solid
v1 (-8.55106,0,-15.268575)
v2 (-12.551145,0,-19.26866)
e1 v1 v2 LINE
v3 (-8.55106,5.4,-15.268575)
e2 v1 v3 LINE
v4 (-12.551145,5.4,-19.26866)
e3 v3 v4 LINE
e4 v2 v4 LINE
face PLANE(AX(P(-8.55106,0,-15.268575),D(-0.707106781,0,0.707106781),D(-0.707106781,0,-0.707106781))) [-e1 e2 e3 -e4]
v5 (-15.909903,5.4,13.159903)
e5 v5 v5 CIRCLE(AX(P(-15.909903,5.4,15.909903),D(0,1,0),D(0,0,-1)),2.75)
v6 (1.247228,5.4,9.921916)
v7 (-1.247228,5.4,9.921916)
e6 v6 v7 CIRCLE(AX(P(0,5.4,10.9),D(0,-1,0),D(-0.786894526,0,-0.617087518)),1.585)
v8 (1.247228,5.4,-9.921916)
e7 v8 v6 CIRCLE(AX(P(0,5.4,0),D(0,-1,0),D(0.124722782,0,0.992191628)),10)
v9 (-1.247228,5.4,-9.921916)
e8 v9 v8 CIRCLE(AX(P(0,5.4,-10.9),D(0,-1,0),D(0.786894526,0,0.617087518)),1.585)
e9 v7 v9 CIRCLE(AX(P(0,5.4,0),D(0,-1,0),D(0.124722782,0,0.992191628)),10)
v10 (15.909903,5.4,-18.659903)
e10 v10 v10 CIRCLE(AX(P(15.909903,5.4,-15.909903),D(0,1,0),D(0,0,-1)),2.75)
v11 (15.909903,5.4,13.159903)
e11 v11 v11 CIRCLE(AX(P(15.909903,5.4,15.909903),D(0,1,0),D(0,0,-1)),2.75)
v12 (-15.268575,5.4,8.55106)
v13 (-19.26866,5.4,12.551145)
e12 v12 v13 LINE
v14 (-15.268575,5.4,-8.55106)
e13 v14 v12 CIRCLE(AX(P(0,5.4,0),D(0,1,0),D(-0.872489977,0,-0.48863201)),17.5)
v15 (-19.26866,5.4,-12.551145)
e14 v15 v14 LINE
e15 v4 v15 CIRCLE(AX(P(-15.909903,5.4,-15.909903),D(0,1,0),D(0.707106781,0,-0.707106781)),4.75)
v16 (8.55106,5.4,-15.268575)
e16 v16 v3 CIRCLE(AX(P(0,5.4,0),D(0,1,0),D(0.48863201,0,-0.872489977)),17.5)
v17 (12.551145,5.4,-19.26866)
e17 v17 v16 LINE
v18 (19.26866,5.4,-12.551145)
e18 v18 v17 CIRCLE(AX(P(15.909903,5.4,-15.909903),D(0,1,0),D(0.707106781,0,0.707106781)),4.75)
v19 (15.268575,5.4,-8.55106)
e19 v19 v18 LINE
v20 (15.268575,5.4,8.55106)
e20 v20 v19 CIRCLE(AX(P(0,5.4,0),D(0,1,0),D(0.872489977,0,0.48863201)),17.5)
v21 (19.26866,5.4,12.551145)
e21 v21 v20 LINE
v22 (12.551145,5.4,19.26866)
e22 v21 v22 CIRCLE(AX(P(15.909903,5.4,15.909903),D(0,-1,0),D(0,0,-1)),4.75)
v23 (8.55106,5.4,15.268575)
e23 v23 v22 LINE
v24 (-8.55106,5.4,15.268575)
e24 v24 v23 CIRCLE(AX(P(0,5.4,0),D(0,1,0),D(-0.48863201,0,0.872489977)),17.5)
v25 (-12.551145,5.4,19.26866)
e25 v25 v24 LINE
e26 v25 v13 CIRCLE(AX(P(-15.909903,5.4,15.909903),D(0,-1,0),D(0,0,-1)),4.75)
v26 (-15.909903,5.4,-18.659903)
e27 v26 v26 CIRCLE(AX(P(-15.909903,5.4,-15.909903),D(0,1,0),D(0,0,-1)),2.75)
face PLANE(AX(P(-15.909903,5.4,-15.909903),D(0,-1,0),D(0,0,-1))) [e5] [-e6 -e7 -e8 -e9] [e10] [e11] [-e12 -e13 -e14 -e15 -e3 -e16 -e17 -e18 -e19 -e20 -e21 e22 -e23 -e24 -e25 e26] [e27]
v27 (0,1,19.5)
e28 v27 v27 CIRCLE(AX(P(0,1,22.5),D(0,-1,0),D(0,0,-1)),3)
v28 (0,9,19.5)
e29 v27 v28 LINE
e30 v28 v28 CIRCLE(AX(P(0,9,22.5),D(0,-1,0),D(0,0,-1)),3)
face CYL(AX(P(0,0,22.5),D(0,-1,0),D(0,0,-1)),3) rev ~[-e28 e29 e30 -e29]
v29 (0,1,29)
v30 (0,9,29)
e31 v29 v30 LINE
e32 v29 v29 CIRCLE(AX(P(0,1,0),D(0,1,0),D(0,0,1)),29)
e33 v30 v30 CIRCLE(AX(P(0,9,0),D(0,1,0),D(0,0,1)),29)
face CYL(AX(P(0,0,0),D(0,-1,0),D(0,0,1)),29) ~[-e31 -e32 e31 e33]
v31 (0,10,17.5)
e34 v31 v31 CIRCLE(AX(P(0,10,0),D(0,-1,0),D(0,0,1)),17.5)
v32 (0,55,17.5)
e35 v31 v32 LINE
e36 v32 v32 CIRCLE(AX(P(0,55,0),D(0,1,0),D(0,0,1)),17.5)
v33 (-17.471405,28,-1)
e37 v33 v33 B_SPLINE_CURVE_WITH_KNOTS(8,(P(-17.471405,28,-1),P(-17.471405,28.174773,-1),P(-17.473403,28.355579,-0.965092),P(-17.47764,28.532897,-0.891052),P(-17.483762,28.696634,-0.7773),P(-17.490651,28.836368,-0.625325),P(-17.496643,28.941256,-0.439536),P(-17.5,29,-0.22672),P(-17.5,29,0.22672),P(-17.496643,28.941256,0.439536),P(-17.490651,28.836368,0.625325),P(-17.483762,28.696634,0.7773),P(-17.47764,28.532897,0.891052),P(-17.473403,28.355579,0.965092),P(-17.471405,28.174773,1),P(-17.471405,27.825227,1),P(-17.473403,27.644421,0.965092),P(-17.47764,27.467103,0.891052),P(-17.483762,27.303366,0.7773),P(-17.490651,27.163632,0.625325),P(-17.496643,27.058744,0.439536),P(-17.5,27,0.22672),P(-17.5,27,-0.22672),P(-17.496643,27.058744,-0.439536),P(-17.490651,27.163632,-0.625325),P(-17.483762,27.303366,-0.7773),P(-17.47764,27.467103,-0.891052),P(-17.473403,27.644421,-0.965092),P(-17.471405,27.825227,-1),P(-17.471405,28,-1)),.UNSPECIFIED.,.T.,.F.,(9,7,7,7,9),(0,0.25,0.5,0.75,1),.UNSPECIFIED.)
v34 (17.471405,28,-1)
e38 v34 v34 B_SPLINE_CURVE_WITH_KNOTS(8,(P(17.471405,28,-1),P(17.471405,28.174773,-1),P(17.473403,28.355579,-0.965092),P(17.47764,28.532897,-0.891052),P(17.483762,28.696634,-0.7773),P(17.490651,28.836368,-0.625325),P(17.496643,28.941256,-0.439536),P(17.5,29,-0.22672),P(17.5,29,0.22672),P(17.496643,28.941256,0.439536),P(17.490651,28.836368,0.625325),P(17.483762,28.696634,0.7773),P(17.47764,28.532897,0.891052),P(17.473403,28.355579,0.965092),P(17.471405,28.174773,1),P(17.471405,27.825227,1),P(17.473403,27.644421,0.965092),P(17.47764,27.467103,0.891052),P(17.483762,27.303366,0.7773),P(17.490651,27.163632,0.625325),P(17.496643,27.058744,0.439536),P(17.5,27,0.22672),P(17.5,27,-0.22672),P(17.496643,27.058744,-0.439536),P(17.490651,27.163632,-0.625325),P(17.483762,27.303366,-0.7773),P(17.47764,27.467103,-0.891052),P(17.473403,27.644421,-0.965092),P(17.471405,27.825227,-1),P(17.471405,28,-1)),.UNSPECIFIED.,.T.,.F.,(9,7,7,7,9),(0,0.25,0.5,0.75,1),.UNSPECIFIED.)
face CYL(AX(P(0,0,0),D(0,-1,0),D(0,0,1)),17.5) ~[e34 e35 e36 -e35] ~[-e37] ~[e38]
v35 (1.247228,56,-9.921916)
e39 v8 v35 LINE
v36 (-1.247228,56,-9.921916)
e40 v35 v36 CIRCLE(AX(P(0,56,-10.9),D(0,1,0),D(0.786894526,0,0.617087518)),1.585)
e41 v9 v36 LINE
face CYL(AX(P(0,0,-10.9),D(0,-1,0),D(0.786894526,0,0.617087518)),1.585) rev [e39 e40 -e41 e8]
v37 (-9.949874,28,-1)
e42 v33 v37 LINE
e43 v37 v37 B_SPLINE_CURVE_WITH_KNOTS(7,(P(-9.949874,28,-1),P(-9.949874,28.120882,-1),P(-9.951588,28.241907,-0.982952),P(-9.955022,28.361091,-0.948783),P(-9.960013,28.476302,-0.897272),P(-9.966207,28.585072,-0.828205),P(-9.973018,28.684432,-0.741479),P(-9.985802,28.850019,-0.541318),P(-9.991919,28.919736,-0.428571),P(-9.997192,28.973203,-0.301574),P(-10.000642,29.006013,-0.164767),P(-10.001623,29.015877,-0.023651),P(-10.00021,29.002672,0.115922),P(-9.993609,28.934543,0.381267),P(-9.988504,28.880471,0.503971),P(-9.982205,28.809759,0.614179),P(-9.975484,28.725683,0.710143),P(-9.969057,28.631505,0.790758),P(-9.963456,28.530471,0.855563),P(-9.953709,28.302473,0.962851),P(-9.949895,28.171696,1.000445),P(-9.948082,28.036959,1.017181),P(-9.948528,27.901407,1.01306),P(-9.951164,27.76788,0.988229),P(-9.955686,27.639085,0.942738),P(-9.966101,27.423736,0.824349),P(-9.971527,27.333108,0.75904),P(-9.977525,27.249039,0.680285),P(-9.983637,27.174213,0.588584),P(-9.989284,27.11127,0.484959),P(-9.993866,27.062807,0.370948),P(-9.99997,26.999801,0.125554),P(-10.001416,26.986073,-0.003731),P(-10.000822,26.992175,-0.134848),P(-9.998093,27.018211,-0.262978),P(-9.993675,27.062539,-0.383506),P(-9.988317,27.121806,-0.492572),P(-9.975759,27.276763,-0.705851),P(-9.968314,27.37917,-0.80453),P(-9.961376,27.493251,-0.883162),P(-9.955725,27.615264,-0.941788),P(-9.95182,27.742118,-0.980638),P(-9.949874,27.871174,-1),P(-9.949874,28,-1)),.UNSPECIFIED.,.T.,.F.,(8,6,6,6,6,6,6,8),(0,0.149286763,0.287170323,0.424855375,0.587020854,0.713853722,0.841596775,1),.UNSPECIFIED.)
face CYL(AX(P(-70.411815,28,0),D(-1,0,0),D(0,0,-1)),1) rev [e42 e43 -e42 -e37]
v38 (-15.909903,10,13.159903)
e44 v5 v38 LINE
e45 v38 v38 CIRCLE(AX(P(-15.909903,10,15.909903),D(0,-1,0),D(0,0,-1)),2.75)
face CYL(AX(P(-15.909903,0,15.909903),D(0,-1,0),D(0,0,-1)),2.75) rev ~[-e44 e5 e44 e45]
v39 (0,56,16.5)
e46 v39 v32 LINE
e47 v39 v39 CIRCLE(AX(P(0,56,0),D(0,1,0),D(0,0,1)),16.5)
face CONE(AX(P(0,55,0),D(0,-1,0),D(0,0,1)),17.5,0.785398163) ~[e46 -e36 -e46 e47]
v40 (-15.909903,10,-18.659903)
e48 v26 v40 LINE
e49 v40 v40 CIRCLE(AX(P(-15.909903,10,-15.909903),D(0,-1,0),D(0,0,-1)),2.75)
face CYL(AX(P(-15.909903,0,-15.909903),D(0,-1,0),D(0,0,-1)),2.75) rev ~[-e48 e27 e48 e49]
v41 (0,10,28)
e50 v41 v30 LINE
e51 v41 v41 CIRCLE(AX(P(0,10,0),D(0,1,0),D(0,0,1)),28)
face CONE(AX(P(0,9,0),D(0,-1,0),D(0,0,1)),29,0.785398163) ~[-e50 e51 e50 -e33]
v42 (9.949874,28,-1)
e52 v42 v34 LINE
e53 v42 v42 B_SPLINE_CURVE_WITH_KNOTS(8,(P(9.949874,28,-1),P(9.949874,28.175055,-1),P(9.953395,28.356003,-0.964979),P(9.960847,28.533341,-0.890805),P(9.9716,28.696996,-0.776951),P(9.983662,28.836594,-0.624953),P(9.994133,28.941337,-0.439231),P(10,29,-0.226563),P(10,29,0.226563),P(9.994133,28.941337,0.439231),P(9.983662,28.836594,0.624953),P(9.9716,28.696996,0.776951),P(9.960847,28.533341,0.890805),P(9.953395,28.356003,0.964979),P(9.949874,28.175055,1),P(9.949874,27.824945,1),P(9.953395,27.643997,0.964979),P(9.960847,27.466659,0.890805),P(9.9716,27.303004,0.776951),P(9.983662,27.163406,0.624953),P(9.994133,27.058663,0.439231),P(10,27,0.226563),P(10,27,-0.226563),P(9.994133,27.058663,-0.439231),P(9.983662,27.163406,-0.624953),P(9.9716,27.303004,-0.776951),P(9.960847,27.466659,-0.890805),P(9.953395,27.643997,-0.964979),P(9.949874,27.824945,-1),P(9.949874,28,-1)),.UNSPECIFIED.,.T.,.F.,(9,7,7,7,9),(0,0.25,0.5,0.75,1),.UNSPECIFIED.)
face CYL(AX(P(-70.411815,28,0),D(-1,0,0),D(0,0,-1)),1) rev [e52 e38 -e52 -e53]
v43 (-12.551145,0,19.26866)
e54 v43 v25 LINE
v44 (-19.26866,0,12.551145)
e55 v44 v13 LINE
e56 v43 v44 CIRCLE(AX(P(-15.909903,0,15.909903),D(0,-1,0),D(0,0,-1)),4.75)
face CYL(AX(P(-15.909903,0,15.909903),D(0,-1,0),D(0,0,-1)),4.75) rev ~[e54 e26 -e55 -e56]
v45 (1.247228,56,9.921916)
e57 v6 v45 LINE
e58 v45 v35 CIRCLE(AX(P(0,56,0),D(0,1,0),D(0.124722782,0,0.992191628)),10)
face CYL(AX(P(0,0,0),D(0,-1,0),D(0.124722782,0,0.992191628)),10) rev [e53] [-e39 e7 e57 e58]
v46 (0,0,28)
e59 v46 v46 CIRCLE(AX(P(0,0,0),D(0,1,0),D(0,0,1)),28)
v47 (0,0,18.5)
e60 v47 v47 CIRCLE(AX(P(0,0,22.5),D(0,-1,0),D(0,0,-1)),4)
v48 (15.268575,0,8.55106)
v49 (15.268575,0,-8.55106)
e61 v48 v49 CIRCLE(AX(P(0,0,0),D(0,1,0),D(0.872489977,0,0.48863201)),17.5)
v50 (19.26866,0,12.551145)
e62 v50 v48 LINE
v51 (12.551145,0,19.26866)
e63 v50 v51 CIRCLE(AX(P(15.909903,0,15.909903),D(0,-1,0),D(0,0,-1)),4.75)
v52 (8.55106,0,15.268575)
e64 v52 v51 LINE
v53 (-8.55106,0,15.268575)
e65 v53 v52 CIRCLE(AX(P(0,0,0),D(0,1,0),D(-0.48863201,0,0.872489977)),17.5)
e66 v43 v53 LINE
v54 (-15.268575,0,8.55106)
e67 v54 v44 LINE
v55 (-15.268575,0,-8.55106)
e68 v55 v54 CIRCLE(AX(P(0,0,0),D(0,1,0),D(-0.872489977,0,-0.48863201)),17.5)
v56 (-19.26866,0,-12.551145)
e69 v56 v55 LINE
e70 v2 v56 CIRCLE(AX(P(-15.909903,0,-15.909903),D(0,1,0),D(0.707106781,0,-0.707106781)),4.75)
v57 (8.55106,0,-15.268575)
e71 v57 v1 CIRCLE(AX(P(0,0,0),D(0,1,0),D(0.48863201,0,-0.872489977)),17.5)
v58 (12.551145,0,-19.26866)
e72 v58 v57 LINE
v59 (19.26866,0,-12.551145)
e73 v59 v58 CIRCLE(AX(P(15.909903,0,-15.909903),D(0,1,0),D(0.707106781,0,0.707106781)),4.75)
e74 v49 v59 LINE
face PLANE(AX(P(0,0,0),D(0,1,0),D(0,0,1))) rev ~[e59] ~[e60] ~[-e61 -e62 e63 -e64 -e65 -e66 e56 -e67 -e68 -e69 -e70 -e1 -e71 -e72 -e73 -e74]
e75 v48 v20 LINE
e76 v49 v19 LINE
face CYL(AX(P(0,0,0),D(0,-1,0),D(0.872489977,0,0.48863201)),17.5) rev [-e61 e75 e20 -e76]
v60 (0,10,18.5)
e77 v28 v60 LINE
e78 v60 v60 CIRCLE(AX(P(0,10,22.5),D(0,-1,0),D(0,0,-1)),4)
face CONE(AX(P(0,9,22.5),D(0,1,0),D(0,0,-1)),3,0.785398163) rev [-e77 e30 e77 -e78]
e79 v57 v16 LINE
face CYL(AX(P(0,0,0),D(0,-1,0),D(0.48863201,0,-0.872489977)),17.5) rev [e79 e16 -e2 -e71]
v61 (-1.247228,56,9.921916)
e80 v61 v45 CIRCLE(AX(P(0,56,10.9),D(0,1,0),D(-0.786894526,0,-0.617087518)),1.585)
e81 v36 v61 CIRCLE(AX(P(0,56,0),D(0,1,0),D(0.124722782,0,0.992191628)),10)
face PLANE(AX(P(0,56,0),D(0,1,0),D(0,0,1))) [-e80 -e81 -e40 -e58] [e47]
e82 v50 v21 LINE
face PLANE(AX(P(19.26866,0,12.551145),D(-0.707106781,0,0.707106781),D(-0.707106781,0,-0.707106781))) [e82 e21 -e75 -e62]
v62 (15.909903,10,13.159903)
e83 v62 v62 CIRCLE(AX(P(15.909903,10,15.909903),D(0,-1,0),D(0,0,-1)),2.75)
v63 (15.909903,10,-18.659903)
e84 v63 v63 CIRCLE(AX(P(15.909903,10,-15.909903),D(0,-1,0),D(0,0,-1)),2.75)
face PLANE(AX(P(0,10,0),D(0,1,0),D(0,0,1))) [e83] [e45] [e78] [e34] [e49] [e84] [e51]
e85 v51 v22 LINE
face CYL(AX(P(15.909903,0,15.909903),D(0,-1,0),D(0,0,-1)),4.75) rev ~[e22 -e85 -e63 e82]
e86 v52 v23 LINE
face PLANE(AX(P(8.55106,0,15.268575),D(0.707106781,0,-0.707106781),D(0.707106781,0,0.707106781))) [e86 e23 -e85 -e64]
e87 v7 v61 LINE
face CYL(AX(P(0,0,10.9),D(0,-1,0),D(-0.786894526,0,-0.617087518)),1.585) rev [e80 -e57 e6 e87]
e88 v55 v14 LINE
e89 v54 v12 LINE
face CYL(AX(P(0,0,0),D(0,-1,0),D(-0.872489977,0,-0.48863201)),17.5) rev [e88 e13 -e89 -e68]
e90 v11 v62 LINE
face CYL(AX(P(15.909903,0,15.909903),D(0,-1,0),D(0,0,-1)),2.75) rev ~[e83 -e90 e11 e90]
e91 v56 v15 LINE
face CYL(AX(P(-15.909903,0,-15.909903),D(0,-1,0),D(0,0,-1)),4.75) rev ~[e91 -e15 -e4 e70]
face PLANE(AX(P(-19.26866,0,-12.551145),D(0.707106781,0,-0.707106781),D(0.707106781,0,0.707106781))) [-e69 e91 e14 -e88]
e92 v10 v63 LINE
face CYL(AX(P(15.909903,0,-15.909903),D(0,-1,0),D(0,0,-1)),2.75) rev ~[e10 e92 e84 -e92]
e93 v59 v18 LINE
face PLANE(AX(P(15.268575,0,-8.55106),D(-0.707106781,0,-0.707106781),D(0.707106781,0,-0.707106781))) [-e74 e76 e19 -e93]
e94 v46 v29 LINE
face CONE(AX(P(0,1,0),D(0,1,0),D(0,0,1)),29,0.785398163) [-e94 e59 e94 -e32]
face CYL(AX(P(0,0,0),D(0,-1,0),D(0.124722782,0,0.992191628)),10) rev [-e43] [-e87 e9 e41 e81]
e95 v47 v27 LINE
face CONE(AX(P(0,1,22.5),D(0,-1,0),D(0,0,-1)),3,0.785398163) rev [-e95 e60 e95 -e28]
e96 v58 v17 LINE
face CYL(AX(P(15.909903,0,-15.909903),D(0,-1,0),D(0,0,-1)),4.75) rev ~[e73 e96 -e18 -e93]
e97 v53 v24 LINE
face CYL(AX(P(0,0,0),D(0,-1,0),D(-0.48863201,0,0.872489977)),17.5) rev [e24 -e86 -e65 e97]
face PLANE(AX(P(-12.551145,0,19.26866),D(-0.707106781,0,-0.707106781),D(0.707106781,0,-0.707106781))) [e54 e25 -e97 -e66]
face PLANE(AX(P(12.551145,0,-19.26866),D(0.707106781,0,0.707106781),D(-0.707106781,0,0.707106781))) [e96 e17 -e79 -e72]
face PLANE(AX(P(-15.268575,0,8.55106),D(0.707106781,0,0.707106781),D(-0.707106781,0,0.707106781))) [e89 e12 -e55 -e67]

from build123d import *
from build123d.topology import SkipClean

# Parameters (mm, degrees)
SKETCH_1_R               = 29
EXTRUDE_1_DEPTH          = 10
SKETCH_2_R               = 17.5
EXTRUDE_2_DEPTH          = 56
SKETCH_3_R               = 10
CUT_EXTRUDE_1_DEPTH      = 56
CUT_EXTRUDE_2_REACH      = 71.412
SKETCH_4_R               = 2.75
SKETCH_4_R_2             = 3
SKETCH_4_4_R             = 4.75
SKETCH_4_4_R_2           = 2.75
CUT_EXTRUDE_3_DEPTH      = 5.4
SKETCH_3_3_R             = 10
SKETCH_3_3_R_2           = 1.585
CUT_EXTRUDE_4_DEPTH      = 56
CUT_EXTRUDE_5_DEPTH      = 70.411814556
CUT_EXTRUDE_5_DEPTH_BACK = 70.411814556
SKETCH_9_R               = 1
CUT_EXTRUDE_6_DEPTH      = 5.4
CHAMFER_1_SIZE           = 1
CHAMFER_2_SIZE           = 1
CHAMFER_3_SIZE           = 1


with BuildPart() as part:
    # 草图1 → 凸台-拉伸1 (new body)
    with BuildSketch(Plane(origin=(0, 0, 0), x_dir=(1, 0, 0), z_dir=(0, 1, 0))):
        with Locations(Location((0, 0, 0), (0, 0, 270))):
            Circle(SKETCH_1_R)
    extrude(amount=EXTRUDE_1_DEPTH)

    # 草图2 → 凸台-拉伸2 (add)
    with BuildSketch(Plane(origin=(0, 0, 0), x_dir=(1, 0, 0), z_dir=(0, 1, 0))):
        with Locations(Location((0, 0, 0), (0, 0, 270))):
            Circle(SKETCH_2_R)
    extrude(amount=EXTRUDE_2_DEPTH)

    # 草图3 → 切除-拉伸1 (cut)
    with BuildSketch(Plane(origin=(0, 0, 0), x_dir=(1, 0, 0), z_dir=(0, 1, 0))):
        with Locations(Location((0, 0, 0), (0, 0, 270))):
            Circle(SKETCH_3_R)
    extrude(amount=CUT_EXTRUDE_1_DEPTH, mode=Mode.SUBTRACT)

    # 草图4 → 切除-拉伸2 (cut, up to next)
    with BuildSketch(Plane.XZ, mode=Mode.PRIVATE) as cut_extrude_2_sk1:
        with Locations(Location((-15.909902577, 15.909902577, 0), (0, 0, 270))):
            Circle(SKETCH_4_R)
    cut_extrude_2_tool1 = extrude(cut_extrude_2_sk1.sketch, amount=-CUT_EXTRUDE_2_REACH, mode=Mode.PRIVATE) & part.part
    # 草图4 → 切除-拉伸2 (cut, up to next)
    with BuildSketch(Plane.XZ, mode=Mode.PRIVATE) as cut_extrude_2_sk2:
        with Locations(Location((-15.909902577, -15.909902577, 0), (0, 0, 270))):
            Circle(SKETCH_4_R)
    cut_extrude_2_tool2 = extrude(cut_extrude_2_sk2.sketch, amount=-CUT_EXTRUDE_2_REACH, mode=Mode.PRIVATE) & part.part
    # 草图4 → 切除-拉伸2 (cut, up to next)
    with BuildSketch(Plane.XZ, mode=Mode.PRIVATE) as cut_extrude_2_sk3:
        with Locations(Location((15.909902577, -15.909902577, 0), (0, 0, 270))):
            Circle(SKETCH_4_R)
    cut_extrude_2_tool3 = extrude(cut_extrude_2_sk3.sketch, amount=-CUT_EXTRUDE_2_REACH, mode=Mode.PRIVATE) & part.part
    # 草图4 → 切除-拉伸2 (cut, up to next)
    with BuildSketch(Plane.XZ, mode=Mode.PRIVATE) as cut_extrude_2_sk4:
        with Locations(Location((15.909902577, 15.909902577, 0), (0, 0, 270))):
            Circle(SKETCH_4_R)
    cut_extrude_2_tool4 = extrude(cut_extrude_2_sk4.sketch, amount=-CUT_EXTRUDE_2_REACH, mode=Mode.PRIVATE) & part.part
    # 草图4 → 切除-拉伸2 (cut, up to next)
    with BuildSketch(Plane.XZ, mode=Mode.PRIVATE) as cut_extrude_2_sk5:
        with Locations(Location((0, 22.5, 0), (0, 0, 270))):
            Circle(SKETCH_4_R_2)
    cut_extrude_2_tool5 = extrude(cut_extrude_2_sk5.sketch, amount=-CUT_EXTRUDE_2_REACH, mode=Mode.PRIVATE) & part.part
    add(cut_extrude_2_tool1.solids().sort_by_distance((-15.909903, 0, 15.909903))[0], mode=Mode.SUBTRACT)
    add(cut_extrude_2_tool2.solids().sort_by_distance((-15.909903, 0, -15.909903))[0], mode=Mode.SUBTRACT)
    add(cut_extrude_2_tool3.solids().sort_by_distance((15.909903, 0, -15.909903))[0], mode=Mode.SUBTRACT)
    add(cut_extrude_2_tool4.solids().sort_by_distance((15.909903, 0, 15.909903))[0], mode=Mode.SUBTRACT)
    add(cut_extrude_2_tool5.solids().sort_by_distance((0, 0, 22.5))[0], mode=Mode.SUBTRACT)

    # 草图4<4> → 切除-拉伸3 (cut)
    # profile 1 of 4: a face of its own
    with BuildSketch(Plane.XZ):
        with Locations(Location((-15.909902577, 15.909902577, 0), (0, 0, 270))):
            Circle(SKETCH_4_4_R)
        with Locations(Location((-15.909902577, 15.909902577, 0), (0, 0, 270))):
            Circle(SKETCH_4_4_R_2, mode=Mode.SUBTRACT)
    # profile 2 of 4: a face of its own
    with BuildSketch(Plane.XZ):
        with Locations(Location((15.909902577, 15.909902577, 0), (0, 0, 270))):
            Circle(SKETCH_4_4_R)
        with Locations(Location((15.909902577, 15.909902577, 0), (0, 0, 270))):
            Circle(SKETCH_4_4_R_2, mode=Mode.SUBTRACT)
    # profile 3 of 4: a face of its own
    with BuildSketch(Plane.XZ):
        with Locations(Location((15.909902577, -15.909902577, 0), (0, 0, 270))):
            Circle(SKETCH_4_4_R)
        with Locations(Location((15.909902577, -15.909902577, 0), (0, 0, 270))):
            Circle(SKETCH_4_4_R_2, mode=Mode.SUBTRACT)
    # profile 4 of 4: a face of its own
    with BuildSketch(Plane.XZ):
        with Locations(Location((-15.909902577, -15.909902577, 0), (0, 0, 270))):
            Circle(SKETCH_4_4_R)
        with Locations(Location((-15.909902577, -15.909902577, 0), (0, 0, 270))):
            Circle(SKETCH_4_4_R_2, mode=Mode.SUBTRACT)
    extrude(amount=-CUT_EXTRUDE_3_DEPTH, mode=Mode.SUBTRACT)

    # 草图3<3> → 切除-拉伸4 (cut)
    with BuildSketch(Plane(origin=(0, 0, 0), x_dir=(1, 0, 0), z_dir=(0, 1, 0))):
        Circle(SKETCH_3_3_R)
        with Locations((0, -10.9)):
            Circle(SKETCH_3_3_R_2)
        with Locations((0, 10.9)):
            Circle(SKETCH_3_3_R_2)
    extrude(amount=CUT_EXTRUDE_4_DEPTH, mode=Mode.SUBTRACT)

    # 草图9 → 切除-拉伸5 (cut, two sides: drawn at the far end of the back side and taken through both)
    with SkipClean():  # the faces are left unmerged after this step: merging them gives an invalid solid
        with BuildSketch(Plane(origin=(0, 0, 0), x_dir=(0, 0, -1), z_dir=(1, 0, 0)).offset(-CUT_EXTRUDE_5_DEPTH_BACK)):
            with Locations((0, 28)):
                Circle(SKETCH_9_R)
        extrude(amount=CUT_EXTRUDE_5_DEPTH + CUT_EXTRUDE_5_DEPTH_BACK, mode=Mode.SUBTRACT)

    # 草图11 → 切除-拉伸6 (cut)
    with BuildSketch(Plane(origin=(0, 0, 0), x_dir=(1, 0, 0), z_dir=(0, 1, 0))):
        with BuildLine():
            Line((-19.268659787, 12.551145366), (-15.26857459, 8.551060168))
            ThreePointArc((-15.26857459, 8.551060168), (-17.5, 0), (-15.26857459, -8.551060168))
            Line((-15.26857459, -8.551060168), (-19.268659787, -12.551145366))
            Line((-19.268659787, -12.551145366), (-12.551145366, -19.268659787))
            Line((-12.551145366, -19.268659787), (-8.551060168, -15.26857459))
            ThreePointArc((-8.551060168, -15.26857459), (0, -17.5), (8.551060168, -15.26857459))
            Line((8.551060168, -15.26857459), (12.551145366, -19.268659787))
            Line((12.551145366, -19.268659787), (19.268659787, -12.551145366))
            Line((19.268659787, -12.551145366), (15.26857459, -8.551060168))
            ThreePointArc((15.26857459, -8.551060168), (17.5, 0), (15.26857459, 8.551060168))
            Line((15.26857459, 8.551060168), (19.268659787, 12.551145366))
            Line((19.268659787, 12.551145366), (12.551145366, 19.268659787))
            Line((12.551145366, 19.268659787), (8.551060168, 15.26857459))
            ThreePointArc((8.551060168, 15.26857459), (0, 17.5), (-8.551060168, 15.26857459))
            Line((-8.551060168, 15.26857459), (-12.551145366, 19.268659787))
            Line((-12.551145366, 19.268659787), (-19.268659787, 12.551145366))
        make_face()
    extrude(amount=CUT_EXTRUDE_6_DEPTH, mode=Mode.SUBTRACT)

    # 倒角1
    chamfer_1_edges = [part.edges().sort_by_distance(p)[0] for p in [
        (0, 0, -29),
        (0, 10, -29),
        (0, 56, -17.5),
    ]]
    chamfer(chamfer_1_edges, length=CHAMFER_1_SIZE)

    # 倒角2
    chamfer_2_edges = [part.edges().sort_by_distance(p)[0] for p in [
        (0, 0, 25.5),
    ]]
    chamfer(chamfer_2_edges, length=CHAMFER_2_SIZE)

    # 倒角3
    chamfer_3_edges = [part.edges().sort_by_distance(p)[0] for p in [
        (0, 10, 25.5),
    ]]
    chamfer(chamfer_3_edges, length=CHAMFER_3_SIZE)


solid = part.part
